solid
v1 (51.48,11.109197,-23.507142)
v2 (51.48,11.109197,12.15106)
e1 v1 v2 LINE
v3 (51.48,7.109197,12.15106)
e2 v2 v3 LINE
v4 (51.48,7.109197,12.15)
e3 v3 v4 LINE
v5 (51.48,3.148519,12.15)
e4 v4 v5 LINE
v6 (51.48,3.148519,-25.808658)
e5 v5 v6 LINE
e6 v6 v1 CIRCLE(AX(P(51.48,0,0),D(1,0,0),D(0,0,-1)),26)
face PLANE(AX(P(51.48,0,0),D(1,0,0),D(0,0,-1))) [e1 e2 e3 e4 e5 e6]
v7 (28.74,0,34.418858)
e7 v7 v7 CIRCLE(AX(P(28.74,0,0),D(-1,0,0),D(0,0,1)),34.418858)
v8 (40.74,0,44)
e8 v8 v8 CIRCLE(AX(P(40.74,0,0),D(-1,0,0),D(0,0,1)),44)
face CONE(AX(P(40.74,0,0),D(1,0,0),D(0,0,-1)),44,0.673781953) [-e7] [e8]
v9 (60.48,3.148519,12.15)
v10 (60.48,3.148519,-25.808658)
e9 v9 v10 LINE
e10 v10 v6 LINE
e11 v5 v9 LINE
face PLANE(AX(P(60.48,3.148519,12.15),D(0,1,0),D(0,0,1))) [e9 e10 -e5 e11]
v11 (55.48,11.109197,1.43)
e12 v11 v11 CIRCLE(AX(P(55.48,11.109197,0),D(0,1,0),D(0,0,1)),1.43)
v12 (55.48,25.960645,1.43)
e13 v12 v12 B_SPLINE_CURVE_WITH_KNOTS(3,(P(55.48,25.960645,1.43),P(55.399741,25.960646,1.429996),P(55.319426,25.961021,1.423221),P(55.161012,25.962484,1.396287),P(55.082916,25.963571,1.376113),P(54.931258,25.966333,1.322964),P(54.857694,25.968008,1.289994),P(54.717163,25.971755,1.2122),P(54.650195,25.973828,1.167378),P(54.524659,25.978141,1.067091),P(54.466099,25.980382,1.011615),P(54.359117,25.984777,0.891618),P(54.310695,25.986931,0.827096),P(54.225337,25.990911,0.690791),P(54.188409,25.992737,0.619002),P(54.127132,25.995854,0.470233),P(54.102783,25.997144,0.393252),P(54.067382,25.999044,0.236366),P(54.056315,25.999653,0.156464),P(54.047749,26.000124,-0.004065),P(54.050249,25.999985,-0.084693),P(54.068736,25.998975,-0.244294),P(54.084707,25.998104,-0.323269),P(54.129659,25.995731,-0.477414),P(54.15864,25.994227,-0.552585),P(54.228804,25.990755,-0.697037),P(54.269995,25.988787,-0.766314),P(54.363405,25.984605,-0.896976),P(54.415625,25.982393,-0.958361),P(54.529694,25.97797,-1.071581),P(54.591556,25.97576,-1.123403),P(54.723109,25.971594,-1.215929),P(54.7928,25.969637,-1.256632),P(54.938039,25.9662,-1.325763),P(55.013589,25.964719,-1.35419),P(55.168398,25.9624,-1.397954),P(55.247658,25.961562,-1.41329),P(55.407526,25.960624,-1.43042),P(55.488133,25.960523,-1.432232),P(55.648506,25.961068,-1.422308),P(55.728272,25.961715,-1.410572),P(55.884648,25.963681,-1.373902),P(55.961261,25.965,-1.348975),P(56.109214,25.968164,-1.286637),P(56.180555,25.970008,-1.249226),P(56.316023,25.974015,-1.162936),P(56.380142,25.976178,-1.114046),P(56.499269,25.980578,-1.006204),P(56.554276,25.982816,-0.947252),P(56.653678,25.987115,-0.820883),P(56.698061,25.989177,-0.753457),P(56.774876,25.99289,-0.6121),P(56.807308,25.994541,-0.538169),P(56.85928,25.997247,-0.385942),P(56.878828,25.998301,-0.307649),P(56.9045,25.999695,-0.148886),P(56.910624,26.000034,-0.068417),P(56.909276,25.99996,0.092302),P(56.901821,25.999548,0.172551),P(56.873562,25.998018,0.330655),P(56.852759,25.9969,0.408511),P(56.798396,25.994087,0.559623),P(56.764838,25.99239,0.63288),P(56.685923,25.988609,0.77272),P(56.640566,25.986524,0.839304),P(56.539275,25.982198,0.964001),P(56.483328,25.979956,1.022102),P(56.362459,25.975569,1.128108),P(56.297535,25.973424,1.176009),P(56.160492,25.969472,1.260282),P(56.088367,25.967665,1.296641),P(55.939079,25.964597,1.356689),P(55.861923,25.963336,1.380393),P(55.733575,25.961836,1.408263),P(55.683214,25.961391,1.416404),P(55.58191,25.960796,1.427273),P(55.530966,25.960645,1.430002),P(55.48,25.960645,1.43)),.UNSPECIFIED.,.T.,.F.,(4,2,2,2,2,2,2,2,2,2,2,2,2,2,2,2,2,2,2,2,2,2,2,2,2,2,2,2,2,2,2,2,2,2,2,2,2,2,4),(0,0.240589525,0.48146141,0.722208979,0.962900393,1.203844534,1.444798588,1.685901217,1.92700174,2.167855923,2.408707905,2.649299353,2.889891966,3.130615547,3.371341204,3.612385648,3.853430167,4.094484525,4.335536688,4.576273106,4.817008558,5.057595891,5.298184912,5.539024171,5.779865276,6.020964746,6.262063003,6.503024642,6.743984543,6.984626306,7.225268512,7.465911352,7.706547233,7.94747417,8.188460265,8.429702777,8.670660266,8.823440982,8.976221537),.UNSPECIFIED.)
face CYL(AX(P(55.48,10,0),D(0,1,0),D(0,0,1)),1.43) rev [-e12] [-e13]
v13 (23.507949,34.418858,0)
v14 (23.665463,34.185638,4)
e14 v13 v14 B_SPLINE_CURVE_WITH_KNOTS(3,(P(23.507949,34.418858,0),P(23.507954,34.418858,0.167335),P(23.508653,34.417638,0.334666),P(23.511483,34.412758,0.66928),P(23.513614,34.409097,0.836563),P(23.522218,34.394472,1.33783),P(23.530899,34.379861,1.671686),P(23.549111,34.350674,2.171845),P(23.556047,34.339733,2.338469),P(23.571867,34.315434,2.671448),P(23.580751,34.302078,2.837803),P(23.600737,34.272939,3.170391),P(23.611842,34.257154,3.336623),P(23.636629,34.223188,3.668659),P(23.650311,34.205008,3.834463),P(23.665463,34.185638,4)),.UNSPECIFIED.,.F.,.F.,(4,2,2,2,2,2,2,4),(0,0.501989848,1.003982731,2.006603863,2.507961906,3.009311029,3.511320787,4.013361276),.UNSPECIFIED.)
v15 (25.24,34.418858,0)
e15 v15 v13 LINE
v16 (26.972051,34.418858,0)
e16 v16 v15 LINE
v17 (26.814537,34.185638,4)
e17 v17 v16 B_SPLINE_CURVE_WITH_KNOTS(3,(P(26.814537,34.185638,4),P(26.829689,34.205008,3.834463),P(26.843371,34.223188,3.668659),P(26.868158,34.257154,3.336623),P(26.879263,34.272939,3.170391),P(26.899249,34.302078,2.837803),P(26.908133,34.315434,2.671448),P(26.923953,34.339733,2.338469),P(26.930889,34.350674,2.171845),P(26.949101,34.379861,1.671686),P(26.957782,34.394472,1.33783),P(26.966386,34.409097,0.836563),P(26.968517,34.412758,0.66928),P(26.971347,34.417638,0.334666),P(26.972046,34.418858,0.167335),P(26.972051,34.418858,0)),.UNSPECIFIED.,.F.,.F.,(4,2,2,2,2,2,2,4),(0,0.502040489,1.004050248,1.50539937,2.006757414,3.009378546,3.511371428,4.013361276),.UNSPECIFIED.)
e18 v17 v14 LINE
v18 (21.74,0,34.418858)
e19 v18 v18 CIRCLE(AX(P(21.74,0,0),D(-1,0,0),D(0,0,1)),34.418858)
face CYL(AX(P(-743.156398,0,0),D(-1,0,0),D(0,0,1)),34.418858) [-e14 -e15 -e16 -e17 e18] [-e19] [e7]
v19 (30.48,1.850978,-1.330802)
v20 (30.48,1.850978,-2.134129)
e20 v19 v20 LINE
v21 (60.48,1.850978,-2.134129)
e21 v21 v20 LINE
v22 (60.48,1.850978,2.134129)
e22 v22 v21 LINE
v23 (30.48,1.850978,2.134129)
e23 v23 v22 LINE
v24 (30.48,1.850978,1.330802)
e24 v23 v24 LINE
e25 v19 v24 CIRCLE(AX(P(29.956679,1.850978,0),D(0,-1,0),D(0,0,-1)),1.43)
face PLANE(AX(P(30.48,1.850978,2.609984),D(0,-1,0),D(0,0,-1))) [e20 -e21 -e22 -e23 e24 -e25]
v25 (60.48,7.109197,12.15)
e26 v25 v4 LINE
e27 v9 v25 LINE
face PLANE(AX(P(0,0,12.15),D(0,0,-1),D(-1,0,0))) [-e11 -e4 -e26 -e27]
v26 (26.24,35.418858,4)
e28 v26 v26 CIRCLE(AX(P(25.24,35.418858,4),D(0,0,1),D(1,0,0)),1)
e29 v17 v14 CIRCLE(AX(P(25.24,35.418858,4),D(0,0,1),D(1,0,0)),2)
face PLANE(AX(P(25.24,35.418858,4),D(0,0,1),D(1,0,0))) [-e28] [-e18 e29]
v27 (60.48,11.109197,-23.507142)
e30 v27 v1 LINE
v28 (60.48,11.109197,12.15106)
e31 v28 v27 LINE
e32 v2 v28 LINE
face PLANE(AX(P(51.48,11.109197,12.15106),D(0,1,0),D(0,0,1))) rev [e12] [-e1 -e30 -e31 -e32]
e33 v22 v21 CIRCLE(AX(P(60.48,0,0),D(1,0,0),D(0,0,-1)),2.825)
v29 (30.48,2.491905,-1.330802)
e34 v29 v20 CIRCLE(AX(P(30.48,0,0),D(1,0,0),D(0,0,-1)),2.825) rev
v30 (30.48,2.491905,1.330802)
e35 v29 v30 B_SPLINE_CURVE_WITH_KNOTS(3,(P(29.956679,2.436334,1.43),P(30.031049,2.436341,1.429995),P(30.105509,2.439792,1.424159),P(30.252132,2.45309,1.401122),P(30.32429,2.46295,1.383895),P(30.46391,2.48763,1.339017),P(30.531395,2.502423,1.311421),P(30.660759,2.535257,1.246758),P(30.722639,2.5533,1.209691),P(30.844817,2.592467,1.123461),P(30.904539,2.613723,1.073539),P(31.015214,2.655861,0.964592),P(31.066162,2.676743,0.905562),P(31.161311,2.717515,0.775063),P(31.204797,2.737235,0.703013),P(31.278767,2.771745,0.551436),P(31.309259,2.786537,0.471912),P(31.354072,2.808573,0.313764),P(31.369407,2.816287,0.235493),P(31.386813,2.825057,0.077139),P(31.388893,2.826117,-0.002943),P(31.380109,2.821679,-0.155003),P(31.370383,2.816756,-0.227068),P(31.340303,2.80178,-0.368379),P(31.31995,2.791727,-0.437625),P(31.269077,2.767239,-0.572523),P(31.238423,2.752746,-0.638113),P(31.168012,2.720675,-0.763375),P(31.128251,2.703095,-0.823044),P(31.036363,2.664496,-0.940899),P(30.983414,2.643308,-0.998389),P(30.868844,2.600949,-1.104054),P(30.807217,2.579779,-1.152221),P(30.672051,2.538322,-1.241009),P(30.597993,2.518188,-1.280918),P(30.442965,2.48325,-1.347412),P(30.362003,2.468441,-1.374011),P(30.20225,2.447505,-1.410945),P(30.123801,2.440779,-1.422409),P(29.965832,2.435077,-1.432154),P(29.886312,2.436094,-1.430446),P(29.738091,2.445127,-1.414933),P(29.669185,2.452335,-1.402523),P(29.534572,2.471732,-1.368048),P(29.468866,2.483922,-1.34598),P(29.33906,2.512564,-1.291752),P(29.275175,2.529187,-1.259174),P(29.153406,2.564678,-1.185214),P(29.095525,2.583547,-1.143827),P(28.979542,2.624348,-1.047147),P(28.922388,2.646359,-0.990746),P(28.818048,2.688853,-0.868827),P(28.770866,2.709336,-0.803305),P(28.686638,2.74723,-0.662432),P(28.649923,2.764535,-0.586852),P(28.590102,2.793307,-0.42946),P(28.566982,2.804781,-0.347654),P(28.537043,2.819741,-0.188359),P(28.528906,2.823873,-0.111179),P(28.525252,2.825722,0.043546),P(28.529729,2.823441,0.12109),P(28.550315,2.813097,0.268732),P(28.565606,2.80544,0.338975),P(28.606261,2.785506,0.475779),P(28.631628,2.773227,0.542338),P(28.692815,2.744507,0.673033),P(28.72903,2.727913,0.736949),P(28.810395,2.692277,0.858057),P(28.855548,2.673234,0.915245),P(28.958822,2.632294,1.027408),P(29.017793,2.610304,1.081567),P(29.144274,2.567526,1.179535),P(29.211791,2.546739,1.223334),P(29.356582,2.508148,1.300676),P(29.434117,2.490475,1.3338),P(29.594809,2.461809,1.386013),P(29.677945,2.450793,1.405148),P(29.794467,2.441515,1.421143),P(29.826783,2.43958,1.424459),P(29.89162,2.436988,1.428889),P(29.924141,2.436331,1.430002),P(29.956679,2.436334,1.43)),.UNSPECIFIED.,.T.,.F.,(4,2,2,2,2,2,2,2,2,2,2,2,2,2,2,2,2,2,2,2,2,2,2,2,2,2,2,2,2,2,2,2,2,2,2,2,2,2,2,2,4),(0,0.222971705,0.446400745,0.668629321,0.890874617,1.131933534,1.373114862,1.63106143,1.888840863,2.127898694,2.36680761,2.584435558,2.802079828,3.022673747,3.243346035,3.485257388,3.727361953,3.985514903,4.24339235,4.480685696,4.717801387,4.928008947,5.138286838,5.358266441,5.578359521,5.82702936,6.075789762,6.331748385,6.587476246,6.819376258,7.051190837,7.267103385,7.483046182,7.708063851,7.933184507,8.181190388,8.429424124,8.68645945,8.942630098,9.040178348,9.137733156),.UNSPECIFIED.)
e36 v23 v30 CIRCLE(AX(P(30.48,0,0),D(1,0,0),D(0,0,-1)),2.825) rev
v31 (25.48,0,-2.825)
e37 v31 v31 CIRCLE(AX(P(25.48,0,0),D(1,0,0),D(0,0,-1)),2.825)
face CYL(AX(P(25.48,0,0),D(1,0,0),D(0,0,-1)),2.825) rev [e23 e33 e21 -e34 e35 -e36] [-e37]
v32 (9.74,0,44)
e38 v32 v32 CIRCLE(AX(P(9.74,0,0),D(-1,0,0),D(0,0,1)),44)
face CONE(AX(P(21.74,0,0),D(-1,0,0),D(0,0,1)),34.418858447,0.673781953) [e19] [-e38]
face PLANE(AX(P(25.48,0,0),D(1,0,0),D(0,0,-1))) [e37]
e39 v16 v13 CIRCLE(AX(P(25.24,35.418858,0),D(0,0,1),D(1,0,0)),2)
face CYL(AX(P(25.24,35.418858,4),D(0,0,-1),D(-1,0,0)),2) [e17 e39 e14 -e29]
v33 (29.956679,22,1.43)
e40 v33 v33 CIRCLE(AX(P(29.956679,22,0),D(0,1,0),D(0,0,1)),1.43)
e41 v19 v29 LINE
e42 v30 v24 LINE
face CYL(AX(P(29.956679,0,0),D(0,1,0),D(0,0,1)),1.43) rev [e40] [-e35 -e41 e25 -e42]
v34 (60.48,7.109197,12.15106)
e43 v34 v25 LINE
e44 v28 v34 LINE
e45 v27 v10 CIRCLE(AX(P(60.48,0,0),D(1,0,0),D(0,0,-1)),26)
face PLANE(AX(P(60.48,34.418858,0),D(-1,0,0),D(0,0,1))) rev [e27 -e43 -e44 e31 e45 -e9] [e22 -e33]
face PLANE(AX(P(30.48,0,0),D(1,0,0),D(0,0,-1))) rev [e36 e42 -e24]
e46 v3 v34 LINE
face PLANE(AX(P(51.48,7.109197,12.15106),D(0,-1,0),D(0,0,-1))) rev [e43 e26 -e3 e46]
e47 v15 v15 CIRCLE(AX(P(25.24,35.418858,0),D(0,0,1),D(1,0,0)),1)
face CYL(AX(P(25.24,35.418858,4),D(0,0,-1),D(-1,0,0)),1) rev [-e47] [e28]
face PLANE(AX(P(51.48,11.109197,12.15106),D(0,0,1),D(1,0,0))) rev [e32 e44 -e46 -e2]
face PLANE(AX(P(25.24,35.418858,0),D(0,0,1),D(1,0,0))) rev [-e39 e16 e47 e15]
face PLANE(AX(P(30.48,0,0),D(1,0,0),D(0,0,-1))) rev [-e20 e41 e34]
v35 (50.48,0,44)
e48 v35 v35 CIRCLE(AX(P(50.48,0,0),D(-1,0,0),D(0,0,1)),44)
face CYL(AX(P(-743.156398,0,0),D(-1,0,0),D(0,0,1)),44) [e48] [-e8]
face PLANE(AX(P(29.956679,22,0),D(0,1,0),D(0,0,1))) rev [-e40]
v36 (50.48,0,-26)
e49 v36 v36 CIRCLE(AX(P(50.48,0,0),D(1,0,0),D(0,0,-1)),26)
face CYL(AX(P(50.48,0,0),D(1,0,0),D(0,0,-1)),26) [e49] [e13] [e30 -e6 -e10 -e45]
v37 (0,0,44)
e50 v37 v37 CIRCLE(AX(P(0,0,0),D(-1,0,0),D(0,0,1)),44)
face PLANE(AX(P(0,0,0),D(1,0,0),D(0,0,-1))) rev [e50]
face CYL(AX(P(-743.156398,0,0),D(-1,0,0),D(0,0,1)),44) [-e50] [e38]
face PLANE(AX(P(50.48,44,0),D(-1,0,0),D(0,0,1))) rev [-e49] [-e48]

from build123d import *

# Parameters (mm, degrees)
SKETCH_3_R                = 2.825
CUT_EXTRUDE_2_DEPTH       = 35
SKETCH_16_W               = 5.008881277
SKETCH_16_H               = 1
EXTRUDE_2_DEPTH           = 30
SKETCH_19_W               = 0.959066555
SKETCH_19_H               = 0.511502163
EXTRUDE_3_DEPTH           = 30
SKETCH_24_W               = 45.827715764
SKETCH_24_H               = 4
CUT_EXTRUDE_8_DEPTH       = 9
SKETCH_25_R               = 1.43
CUT_EXTRUDE_9_DEPTH       = 22
SKETCH_27_R               = 2
SKETCH_27_R_2             = 1
EXTRUDE_2_2_DEPTH         = 4
SKETCH_28_R               = 1.43
CUT_EXTRUDE_11_DEPTH      = 25
CUT_EXTRUDE_12_DEPTH      = 12.15
CUT_EXTRUDE_12_DEPTH_BACK = 35
SKETCH_29_W               = 9
SKETCH_29_H               = 3.960677992
SKETCH_30_R               = 47
SKETCH_30_R_2             = 26
CUT_EXTRUDE_1_DEPTH       = 10


with BuildPart() as part:
    # 草圖1 → 旋轉1 (revolve)
    with BuildSketch(Plane.XY, mode=Mode.PRIVATE) as revolve_1_sk:
        Polygon((0, 0), (0, 44), (9.74, 44), (21.74, 34.418858447), (28.74, 34.418858447), (40.74, 44), (50.48, 44), (50.48, 34.418858447), (60.48, 34.418858447), (60.48, 0), align=None)
    revolve(revolve_1_sk.sketch.rotate(Axis((-743.15639781, 0, 0), (1, 0, 0)), 90), axis=Axis((-743.15639781, 0, 0), (1, 0, 0)))

    # 草圖3 → 除料-伸長2 (cut)
    with BuildSketch(Plane(origin=(60.48, 0, 0), x_dir=(0, 0, -1), z_dir=(1, 0, 0))):
        Circle(SKETCH_3_R)
    extrude(amount=-CUT_EXTRUDE_2_DEPTH, mode=Mode.SUBTRACT)

    # 草圖16 → Extrude 2 (add)
    with BuildSketch(Plane(origin=(60.48, 0, 0), x_dir=(0, 0, -1), z_dir=(1, 0, 0))):
        with Locations((-0.105543204, 2.350977924)):
            Rectangle(SKETCH_16_W, SKETCH_16_H)
    extrude(amount=-EXTRUDE_2_DEPTH)

    # 草圖19 → 填料-伸長3 (add)
    with BuildSketch(Plane(origin=(60.48, 0, 0), x_dir=(0, 0, -1), z_dir=(1, 0, 0))):
        with Locations((-0.084116996, 2.673942601)):
            Rectangle(SKETCH_19_W, SKETCH_19_H)
    extrude(amount=-EXTRUDE_3_DEPTH)

    # 草圖24 → 除料-伸長8 (cut)
    with BuildSketch(Plane(origin=(60.48, 0, 0), x_dir=(0, 0, -1), z_dir=(1, 0, 0))):
        with Locations((10.762797737, 9.109197083)):
            Rectangle(SKETCH_24_W, SKETCH_24_H)
    extrude(amount=-CUT_EXTRUDE_8_DEPTH, mode=Mode.SUBTRACT)

    # 草圖25 → 除料-伸長9 (cut)
    with BuildSketch(Plane(origin=(0, 22, 0), x_dir=(1, 0, 0), z_dir=(0, 1, 0))):
        with Locations(Location((29.956679037, 0, 0), (0, 0, 270))):
            Circle(SKETCH_25_R)
    extrude(amount=-CUT_EXTRUDE_9_DEPTH, mode=Mode.SUBTRACT)

    # 草圖27 → Extrude 2 2 (add)
    with BuildSketch(Plane.XY):
        with Locations((25.24, 35.418858447)):
            Circle(SKETCH_27_R)
        with Locations((25.24, 35.418858447)):
            Circle(SKETCH_27_R_2, mode=Mode.SUBTRACT)
    extrude(amount=EXTRUDE_2_2_DEPTH)

    # 草圖28 → 除料-伸長11 (cut)
    with BuildSketch(Plane(origin=(0, 35, 0), x_dir=(1, 0, 0), z_dir=(0, 1, 0))):
        with Locations(Location((55.48, 0, 0), (0, 0, 270))):
            Circle(SKETCH_28_R)
    extrude(amount=-CUT_EXTRUDE_11_DEPTH, mode=Mode.SUBTRACT)

    # 草圖29 → 除料-伸長12 (cut, two sides: drawn at the far end of the back side and taken through both)
    with BuildSketch(Plane.XY.offset(-CUT_EXTRUDE_12_DEPTH_BACK)):
        with Locations((55.98, 5.128858087)):
            Rectangle(SKETCH_29_W, SKETCH_29_H)
    extrude(amount=CUT_EXTRUDE_12_DEPTH + CUT_EXTRUDE_12_DEPTH_BACK, mode=Mode.SUBTRACT)

    # 草圖30 → 除料-伸長-薄件1 (cut)
    with BuildSketch(Plane(origin=(60.48, 0, 0), x_dir=(0, 0, -1), z_dir=(1, 0, 0))):
        Circle(SKETCH_30_R)
        Circle(SKETCH_30_R_2, mode=Mode.SUBTRACT)
    extrude(amount=-CUT_EXTRUDE_1_DEPTH, mode=Mode.SUBTRACT)


solid = part.part
